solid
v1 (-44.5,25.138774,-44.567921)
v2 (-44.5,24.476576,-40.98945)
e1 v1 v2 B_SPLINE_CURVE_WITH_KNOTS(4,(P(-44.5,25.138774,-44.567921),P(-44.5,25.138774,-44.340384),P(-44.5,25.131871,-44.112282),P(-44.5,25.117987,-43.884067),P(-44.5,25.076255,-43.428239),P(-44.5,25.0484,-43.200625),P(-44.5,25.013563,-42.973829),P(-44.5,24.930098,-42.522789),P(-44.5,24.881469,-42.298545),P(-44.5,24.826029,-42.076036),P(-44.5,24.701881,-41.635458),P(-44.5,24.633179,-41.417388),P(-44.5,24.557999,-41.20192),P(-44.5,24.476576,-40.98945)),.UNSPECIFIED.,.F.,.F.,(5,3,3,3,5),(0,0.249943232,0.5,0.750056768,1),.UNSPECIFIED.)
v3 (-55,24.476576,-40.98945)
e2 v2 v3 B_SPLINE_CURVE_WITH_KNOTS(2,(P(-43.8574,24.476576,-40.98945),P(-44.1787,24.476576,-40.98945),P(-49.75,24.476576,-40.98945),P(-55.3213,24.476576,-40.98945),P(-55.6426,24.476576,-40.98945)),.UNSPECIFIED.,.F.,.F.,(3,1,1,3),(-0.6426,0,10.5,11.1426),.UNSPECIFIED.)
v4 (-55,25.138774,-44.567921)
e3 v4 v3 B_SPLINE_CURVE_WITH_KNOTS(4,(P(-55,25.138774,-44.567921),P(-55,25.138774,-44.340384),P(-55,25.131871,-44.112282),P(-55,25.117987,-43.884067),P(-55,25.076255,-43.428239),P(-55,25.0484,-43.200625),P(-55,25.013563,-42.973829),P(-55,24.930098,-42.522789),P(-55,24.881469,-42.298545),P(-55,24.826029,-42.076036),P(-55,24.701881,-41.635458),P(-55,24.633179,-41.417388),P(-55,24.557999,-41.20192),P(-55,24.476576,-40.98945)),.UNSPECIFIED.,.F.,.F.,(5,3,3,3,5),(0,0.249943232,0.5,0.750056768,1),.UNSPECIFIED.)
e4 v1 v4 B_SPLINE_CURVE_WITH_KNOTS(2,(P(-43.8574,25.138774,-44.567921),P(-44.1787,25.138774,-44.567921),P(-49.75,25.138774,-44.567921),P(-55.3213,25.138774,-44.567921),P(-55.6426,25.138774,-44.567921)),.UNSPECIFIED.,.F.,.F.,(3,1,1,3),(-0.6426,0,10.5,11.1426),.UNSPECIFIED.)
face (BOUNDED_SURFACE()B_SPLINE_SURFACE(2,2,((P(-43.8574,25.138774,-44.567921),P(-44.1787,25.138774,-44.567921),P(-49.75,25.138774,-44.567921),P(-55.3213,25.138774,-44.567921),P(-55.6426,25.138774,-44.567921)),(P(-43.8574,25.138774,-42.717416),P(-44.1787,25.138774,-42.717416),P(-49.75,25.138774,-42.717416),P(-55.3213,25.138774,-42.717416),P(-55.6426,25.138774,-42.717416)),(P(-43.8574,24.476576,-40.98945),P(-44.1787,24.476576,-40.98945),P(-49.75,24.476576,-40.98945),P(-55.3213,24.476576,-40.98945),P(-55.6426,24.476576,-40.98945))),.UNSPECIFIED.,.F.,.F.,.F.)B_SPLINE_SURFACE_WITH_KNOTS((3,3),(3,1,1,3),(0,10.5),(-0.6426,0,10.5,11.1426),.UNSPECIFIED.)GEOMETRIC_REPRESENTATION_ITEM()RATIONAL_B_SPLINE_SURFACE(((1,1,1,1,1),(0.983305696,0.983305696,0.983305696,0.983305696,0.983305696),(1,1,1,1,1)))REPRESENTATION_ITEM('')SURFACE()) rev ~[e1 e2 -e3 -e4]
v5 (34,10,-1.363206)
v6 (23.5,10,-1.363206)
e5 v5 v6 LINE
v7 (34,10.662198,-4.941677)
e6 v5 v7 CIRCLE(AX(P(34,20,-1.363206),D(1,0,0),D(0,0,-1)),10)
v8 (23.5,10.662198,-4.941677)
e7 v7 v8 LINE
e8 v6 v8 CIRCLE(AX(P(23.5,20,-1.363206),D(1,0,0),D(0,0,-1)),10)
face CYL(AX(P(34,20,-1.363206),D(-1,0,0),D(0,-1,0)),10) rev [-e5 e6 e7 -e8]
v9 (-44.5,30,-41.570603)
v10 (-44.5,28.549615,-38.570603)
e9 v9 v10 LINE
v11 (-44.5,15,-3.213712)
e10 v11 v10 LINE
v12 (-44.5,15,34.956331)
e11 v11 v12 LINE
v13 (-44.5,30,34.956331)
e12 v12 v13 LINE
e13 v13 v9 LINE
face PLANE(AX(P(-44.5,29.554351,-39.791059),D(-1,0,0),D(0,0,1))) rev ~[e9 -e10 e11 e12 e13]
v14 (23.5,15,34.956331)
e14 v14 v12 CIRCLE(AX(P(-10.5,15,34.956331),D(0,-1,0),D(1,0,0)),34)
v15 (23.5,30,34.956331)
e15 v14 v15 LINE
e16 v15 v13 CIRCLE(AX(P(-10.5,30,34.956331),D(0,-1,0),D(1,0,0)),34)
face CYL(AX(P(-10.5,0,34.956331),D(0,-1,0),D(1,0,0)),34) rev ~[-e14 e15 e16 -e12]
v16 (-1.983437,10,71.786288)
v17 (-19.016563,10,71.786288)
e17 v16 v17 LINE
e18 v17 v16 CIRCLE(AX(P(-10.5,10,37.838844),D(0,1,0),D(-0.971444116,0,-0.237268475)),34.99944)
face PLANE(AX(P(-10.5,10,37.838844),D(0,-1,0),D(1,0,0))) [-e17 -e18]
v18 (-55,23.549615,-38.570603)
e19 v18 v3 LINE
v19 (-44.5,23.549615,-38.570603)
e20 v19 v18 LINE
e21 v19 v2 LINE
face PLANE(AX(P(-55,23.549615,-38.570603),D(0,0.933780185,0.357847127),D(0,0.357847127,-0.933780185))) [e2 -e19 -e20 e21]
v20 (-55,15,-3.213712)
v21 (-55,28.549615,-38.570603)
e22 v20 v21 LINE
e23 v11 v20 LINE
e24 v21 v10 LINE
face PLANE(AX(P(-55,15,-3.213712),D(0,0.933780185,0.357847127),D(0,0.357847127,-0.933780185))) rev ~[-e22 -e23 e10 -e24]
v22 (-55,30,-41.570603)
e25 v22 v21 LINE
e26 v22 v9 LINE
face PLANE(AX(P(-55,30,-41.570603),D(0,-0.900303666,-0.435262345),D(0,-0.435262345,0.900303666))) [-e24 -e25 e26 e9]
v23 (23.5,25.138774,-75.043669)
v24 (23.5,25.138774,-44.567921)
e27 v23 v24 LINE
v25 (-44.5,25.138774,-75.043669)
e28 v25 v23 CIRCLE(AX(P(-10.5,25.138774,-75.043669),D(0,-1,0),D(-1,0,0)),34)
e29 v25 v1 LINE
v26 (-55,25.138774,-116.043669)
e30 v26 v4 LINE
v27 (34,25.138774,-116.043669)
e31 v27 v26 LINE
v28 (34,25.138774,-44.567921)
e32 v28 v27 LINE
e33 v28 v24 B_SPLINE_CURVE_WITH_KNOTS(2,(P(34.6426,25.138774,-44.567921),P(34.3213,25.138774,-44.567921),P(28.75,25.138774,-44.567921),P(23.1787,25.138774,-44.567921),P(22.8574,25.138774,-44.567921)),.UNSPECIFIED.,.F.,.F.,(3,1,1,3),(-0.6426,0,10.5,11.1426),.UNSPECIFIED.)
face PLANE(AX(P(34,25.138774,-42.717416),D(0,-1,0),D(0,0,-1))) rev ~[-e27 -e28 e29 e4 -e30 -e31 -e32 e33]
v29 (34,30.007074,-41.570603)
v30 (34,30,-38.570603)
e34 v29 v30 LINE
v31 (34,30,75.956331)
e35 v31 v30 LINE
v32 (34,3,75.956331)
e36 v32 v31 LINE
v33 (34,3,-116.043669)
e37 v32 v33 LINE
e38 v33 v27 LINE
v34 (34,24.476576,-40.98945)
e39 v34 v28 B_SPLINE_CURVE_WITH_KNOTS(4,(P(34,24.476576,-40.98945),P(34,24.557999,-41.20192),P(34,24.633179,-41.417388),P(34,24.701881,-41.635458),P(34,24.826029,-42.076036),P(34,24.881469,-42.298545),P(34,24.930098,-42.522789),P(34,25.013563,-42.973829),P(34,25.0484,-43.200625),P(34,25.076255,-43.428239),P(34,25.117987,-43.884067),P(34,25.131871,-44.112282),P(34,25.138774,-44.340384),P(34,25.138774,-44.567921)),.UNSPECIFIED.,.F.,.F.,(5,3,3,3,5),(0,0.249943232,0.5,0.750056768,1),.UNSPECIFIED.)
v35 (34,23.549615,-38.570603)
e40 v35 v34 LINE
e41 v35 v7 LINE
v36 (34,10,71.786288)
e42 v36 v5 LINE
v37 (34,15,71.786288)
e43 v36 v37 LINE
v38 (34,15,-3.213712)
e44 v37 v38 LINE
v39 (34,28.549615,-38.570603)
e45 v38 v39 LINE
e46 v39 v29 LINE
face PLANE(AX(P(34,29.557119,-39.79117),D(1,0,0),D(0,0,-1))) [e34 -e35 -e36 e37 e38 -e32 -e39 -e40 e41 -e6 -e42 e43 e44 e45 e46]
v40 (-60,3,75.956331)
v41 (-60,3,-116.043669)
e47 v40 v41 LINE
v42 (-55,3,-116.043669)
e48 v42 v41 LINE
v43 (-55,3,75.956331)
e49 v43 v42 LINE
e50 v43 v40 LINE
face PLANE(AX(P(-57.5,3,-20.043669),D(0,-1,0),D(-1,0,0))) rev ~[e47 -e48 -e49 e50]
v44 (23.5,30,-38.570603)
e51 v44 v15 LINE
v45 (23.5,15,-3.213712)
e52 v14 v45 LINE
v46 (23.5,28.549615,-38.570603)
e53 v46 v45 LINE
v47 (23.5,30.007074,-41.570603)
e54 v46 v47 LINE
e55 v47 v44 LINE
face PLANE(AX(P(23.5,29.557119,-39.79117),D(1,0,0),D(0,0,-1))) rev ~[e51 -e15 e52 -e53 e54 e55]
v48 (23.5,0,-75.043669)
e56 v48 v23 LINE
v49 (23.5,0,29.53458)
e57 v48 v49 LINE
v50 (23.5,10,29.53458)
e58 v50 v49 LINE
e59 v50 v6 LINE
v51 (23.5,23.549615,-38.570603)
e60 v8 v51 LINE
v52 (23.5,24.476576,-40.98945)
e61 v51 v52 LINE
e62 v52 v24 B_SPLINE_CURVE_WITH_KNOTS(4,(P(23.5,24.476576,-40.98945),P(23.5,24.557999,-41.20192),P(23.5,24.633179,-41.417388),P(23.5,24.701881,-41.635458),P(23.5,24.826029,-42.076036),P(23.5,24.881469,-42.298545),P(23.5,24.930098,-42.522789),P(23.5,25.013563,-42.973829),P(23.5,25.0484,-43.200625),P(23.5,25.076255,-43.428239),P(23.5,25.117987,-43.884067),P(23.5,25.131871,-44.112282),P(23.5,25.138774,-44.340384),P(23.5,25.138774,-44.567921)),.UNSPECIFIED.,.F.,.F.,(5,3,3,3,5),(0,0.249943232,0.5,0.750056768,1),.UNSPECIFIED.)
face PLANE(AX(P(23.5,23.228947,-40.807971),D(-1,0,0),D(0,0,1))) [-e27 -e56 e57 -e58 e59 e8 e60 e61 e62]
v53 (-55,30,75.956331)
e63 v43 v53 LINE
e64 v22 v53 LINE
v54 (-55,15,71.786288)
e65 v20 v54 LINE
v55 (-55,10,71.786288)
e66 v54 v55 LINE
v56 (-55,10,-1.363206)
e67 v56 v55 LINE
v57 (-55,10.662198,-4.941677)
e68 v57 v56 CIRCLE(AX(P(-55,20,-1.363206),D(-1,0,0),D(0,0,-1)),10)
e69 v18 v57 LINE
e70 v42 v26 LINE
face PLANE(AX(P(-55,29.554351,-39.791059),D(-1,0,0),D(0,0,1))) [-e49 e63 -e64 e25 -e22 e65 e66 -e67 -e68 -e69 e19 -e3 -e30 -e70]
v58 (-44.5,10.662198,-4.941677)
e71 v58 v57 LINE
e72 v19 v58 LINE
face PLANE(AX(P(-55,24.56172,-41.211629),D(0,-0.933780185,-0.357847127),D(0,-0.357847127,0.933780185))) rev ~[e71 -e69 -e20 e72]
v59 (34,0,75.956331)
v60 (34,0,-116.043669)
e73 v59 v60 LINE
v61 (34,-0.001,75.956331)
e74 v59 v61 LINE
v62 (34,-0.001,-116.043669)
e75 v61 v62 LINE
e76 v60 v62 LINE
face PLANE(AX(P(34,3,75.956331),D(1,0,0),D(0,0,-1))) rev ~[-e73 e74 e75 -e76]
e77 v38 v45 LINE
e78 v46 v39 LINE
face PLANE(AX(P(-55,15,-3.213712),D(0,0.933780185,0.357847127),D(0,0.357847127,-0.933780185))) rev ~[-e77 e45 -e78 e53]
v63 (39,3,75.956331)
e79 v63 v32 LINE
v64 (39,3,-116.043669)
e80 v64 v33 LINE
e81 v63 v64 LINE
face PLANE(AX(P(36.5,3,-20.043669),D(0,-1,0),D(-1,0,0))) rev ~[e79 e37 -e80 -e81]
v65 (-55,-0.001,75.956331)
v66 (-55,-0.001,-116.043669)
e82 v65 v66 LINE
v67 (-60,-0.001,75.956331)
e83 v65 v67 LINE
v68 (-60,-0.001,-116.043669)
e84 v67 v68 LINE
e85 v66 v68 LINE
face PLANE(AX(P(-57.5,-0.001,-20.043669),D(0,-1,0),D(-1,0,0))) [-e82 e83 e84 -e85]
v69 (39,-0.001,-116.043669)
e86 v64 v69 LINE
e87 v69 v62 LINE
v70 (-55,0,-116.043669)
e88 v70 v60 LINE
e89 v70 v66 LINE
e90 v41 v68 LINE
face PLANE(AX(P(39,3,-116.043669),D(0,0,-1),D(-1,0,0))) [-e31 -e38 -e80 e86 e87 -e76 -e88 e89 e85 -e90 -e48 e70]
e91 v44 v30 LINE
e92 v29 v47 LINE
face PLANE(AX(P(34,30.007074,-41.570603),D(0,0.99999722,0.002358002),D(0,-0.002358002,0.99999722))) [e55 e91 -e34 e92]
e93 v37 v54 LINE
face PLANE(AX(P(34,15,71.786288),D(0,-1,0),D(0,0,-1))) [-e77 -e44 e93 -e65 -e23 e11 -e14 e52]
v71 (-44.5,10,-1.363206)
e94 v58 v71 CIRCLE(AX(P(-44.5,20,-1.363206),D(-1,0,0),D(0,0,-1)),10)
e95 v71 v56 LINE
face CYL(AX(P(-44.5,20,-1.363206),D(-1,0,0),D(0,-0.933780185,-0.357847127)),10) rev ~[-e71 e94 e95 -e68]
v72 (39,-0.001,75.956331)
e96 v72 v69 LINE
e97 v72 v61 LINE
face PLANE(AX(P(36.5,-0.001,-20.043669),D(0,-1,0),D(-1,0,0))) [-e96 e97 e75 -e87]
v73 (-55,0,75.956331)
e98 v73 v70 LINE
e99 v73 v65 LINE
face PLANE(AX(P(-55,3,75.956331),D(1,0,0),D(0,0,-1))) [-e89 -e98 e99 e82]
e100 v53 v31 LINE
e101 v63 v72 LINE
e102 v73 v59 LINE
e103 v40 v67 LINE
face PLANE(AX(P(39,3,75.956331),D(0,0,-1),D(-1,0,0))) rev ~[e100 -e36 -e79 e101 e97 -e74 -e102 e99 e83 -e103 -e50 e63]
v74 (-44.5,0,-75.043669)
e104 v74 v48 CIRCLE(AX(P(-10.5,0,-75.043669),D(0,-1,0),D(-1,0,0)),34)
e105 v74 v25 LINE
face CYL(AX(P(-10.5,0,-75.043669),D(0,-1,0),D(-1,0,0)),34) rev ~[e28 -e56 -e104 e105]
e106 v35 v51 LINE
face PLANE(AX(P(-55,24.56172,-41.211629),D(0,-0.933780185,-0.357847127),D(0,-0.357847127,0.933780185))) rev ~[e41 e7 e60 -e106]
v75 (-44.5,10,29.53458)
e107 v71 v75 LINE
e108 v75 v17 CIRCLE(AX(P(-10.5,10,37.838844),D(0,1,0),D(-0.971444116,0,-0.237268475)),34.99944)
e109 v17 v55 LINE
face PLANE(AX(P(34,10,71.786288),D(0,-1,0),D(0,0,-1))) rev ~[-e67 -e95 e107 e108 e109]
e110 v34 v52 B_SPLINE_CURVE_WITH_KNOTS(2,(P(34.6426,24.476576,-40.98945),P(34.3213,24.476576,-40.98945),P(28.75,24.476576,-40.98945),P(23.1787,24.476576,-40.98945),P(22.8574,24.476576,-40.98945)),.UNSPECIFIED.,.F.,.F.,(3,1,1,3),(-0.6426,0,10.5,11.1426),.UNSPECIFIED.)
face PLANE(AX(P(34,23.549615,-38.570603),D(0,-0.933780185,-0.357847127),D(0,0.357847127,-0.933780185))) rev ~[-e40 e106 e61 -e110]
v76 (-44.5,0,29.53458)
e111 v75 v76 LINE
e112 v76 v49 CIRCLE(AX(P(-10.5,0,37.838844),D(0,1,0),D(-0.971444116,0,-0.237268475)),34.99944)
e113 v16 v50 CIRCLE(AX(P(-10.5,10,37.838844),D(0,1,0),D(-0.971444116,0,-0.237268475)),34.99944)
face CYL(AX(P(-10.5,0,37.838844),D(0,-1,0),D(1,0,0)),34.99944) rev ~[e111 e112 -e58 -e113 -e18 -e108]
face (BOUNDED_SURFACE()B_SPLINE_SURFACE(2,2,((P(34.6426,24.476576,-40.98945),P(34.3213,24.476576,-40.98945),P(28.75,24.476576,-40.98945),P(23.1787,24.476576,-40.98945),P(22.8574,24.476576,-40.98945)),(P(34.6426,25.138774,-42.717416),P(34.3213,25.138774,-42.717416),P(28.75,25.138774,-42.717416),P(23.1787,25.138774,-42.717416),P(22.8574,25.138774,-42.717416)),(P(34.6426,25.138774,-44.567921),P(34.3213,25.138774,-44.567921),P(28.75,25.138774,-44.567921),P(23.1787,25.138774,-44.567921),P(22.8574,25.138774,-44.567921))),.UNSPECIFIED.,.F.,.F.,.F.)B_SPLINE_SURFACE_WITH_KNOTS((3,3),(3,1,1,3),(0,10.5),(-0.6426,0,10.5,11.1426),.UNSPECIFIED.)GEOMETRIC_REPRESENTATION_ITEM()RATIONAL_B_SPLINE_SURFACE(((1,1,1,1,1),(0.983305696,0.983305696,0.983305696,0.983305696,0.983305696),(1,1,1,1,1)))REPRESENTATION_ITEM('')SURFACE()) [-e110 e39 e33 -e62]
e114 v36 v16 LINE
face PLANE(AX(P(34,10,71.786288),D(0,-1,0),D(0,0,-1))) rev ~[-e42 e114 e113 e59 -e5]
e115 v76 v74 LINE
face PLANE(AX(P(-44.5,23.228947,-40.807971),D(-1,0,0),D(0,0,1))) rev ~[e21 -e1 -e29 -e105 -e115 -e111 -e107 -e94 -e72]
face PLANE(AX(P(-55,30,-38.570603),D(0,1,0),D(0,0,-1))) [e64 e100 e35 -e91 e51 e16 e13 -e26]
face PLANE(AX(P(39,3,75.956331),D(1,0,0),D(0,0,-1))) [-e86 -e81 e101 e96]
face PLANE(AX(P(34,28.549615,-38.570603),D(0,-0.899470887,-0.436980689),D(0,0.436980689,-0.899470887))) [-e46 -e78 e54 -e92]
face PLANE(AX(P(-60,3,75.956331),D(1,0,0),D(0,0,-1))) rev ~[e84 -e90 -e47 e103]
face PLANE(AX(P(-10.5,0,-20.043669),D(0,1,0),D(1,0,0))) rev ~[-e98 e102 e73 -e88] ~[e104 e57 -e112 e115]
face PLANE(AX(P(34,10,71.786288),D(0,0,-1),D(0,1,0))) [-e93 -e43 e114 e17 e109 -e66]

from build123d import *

# Parameters (mm, degrees)
SKETCH1_W                = 89
SKETCH1_H                = 192
BOSS_EXTRUDE1_DEPTH      = 30
SKETCH2_R                = 34.99943994
CUT_EXTRUDE1_DEPTH       = 10
SKETCH3_W                = 75
SKETCH3_H                = 5
CUT_EXTRUDE2_DEPTH       = 102
CUT_EXTRUDE4_DEPTH       = 102
SKETCH6_W                = 10.5
SKETCH6_H                = 4
CUT_EXTRUDE7_DEPTH       = 8
BOSS_EXTRUDE2_DEPTH      = 10.5
CUT_EXTRUDE8_DEPTH       = 20.767757578
BOSS_EXTRUDE3_DEPTH      = 10.5
CUT_EXTRUDE9_DEPTH       = 22.812544275
BOSS_EXTRUDE6_DEPTH      = 10.5
BOSS_EXTRUDE7_DEPTH      = 10.5
FILLET1_R                = 10
FILLET2_R                = 10
FILLET3_R                = 10
FILLET4_R                = 10
CUT_EXTRUDE11_DEPTH      = 99
SKETCH15_W               = 7.554212703
SKETCH15_H               = 3.259234926
CUT_EXTRUDE12_DEPTH      = 99
FILLET5_R                = 10
BOSS_EXTRUDE8_DEPTH      = 0.001
BOSS_EXTRUDE8_DEPTH_BACK = 3
SKETCH16_W               = 5
SKETCH16_H               = 192


with BuildPart() as part:
    # Sketch1 → Boss-Extrude1 (new body)
    with BuildSketch(Plane(origin=(0, 0, 0), x_dir=(1, 0, 0), z_dir=(0, 1, 0))):
        with Locations((-10.5, 20.043668932)):
            Rectangle(SKETCH1_W, SKETCH1_H)
        with BuildLine():
            Line((-44.5, -34.956331068), (-44.5, 75.043668932))
            ThreePointArc((-44.5, 75.043668932), (-10.5, 109.043668932), (23.5, 75.043668932))
            Line((23.5, 75.043668932), (23.5, -34.956331068))
            ThreePointArc((23.5, -34.956331068), (-10.5, -68.956331068), (-44.5, -34.956331068))
        make_face(mode=Mode.SUBTRACT)
    extrude(amount=BOSS_EXTRUDE1_DEPTH)

    # Sketch2 → Cut-Extrude1 (cut)
    with BuildSketch(Plane.XZ):
        with Locations((-10.5, 37.838844027)):
            Circle(SKETCH2_R)
    extrude(amount=-CUT_EXTRUDE1_DEPTH, mode=Mode.SUBTRACT)

    # Sketch3 → Cut-Extrude2 (cut)
    with BuildSketch(Plane(origin=(34, 0, 0), x_dir=(0, 0, -1), z_dir=(1, 0, 0))):
        with Locations((-34.286288065, 12.5)):
            Rectangle(SKETCH3_W, SKETCH3_H)
    extrude(amount=-CUT_EXTRUDE2_DEPTH, mode=Mode.SUBTRACT)

    # Sketch4 → Cut-Extrude4 (cut)
    with BuildSketch(Plane.ZY.offset(55)):
        Polygon((-40.970715348, 29.469395922), (-41.211628541, 24.561719678), (-3.213711935, 10), (-3.213711935, 15), align=None)
    extrude(amount=-CUT_EXTRUDE4_DEPTH, mode=Mode.SUBTRACT)

    # Sketch6 → Cut-Extrude7 (cut)
    with BuildSketch(Plane(origin=(0, 30, 0), x_dir=(1, 0, 0), z_dir=(0, 1, 0))):
        with Locations((-49.75, 40.570603007)):
            Rectangle(SKETCH6_W, SKETCH6_H)
        with Locations((28.75, 40.570603007)):
            Rectangle(SKETCH6_W, SKETCH6_H)
    extrude(amount=-CUT_EXTRUDE7_DEPTH, mode=Mode.SUBTRACT)

    # Sketch7 → Boss-Extrude2 (add)
    with BuildSketch(Plane.ZY.offset(55)):
        Polygon((-38.570603007, 23.549614886), (-42.570603007, 25.082511526), (-42.570603007, 22), (-38.570603007, 22), align=None)
    extrude(amount=-BOSS_EXTRUDE2_DEPTH)

    # Sketch8 → Cut-Extrude8 (cut)
    with BuildSketch(Plane.ZY.offset(55)):
        Polygon((-42.570603007, 25.082511526), (-55.402488324, 30), (-42.570603007, 30), align=None)
    extrude(amount=-CUT_EXTRUDE8_DEPTH, mode=Mode.SUBTRACT)

    # Sketch9 → Boss-Extrude3 (add)
    with BuildSketch(Plane(origin=(34, 0, 0), x_dir=(0, 0, -1), z_dir=(1, 0, 0))):
        Polygon((38.570603007, 23.549614886), (42.570603007, 25.082511526), (42.570603007, 22), (38.570603007, 22), align=None)
    extrude(amount=-BOSS_EXTRUDE3_DEPTH)

    # Sketch10 → Cut-Extrude9 (cut)
    with BuildSketch(Plane(origin=(34, 0, 0), x_dir=(0, 0, -1), z_dir=(1, 0, 0))):
        Polygon((42.570603007, 25.082511526), (55.402488324, 30), (42.570603007, 30), align=None)
    extrude(amount=-CUT_EXTRUDE9_DEPTH, mode=Mode.SUBTRACT)

    # Sketch12 → Boss-Extrude6 (add)
    with BuildSketch(Plane.ZY.offset(55)):
        Polygon((-38.570603007, 30), (-41.570603007, 30), (-38.570603007, 28.549614886), align=None)
    extrude(amount=-BOSS_EXTRUDE6_DEPTH)

    # Sketch11 → Boss-Extrude7 (add)
    with BuildSketch(Plane(origin=(34, 0, 0), x_dir=(0, 0, -1), z_dir=(1, 0, 0))):
        Polygon((38.570603007, 28.549614886), (41.570603007, 30.007074027), (38.570603007, 30), align=None)
    extrude(amount=-BOSS_EXTRUDE7_DEPTH)

    # Fillet1
    fillet1_edges = [part.edges().sort_by_distance(p)[0] for p in [
        (-49.75, 30, -55.402488324),
    ]]
    fillet(fillet1_edges, radius=FILLET1_R)

    # Fillet2
    fillet2_edges = [part.edges().sort_by_distance(p)[0] for p in [
        (28.75, 30, -55.402488324),
    ]]
    fillet(fillet2_edges, radius=FILLET2_R)

    # Fillet3
    fillet3_edges = [part.edges().sort_by_distance(p)[0] for p in [
        (-49.75, 10, -3.213711935),
    ]]
    fillet(fillet3_edges, radius=FILLET3_R)

    # Fillet4
    fillet4_edges = [part.edges().sort_by_distance(p)[0] for p in [
        (28.75, 10, -3.213711935),
    ]]
    fillet(fillet4_edges, radius=FILLET4_R)

    # Sketch14 → Cut-Extrude11 (cut)
    with BuildSketch(Plane(origin=(34, 0, 0), x_dir=(0, 0, -1), z_dir=(1, 0, 0))):
        Polygon((42.717415751, 25.138773717), (116.043668932, 25.138773717), (116.043668932, 30), (57.252994033, 30), (53.674522762, 29.337801849), align=None)
    extrude(amount=-CUT_EXTRUDE11_DEPTH, mode=Mode.SUBTRACT)


with BuildPart() as cut_extrude11_piece_1:
    # of the separate pieces the step leaves, piece 1, a body of its own (cut_extrude11_pieces)
    add(part.part.solids().sort_by_distance((23.5, 25.138773717, -42.717415751))[0])

    # Fillet5
    fillet5_edges = [cut_extrude11_piece_1.edges().sort_by_distance(p)[0] for p in [
        (-49.75, 25.138773717, -42.717415751),
        (28.75, 25.138773717, -42.717415751),
    ]]
    fillet(fillet5_edges, radius=FILLET5_R)

    # Sketch16 → Boss-Extrude8 (add, two sides: drawn at the far end of the back side and taken through both)
    with BuildSketch(Plane(origin=(0, 0, 0), x_dir=(-1, 0, 0), z_dir=(0, -1, 0)).offset(-BOSS_EXTRUDE8_DEPTH_BACK)):
        with Locations((-36.5, 20.043668932)):
            Rectangle(SKETCH16_W, SKETCH16_H)
        with Locations((57.5, 20.043668932)):
            Rectangle(SKETCH16_W, SKETCH16_H)
    extrude(amount=BOSS_EXTRUDE8_DEPTH + BOSS_EXTRUDE8_DEPTH_BACK)


with BuildPart() as cut_extrude11_piece_2:
    # of the separate pieces the step leaves, piece 2, a body of its own (cut_extrude11_pieces)
    add(part.part.solids().sort_by_distance((23.5, 30, -57.252994033))[0])


with BuildPart() as cut_extrude11_piece_3:
    # of the separate pieces the step leaves, piece 3, a body of its own (cut_extrude11_pieces)
    add(part.part.solids().sort_by_distance((-55, 30, -57.252994033))[0])


with BuildPart() as cut_extrude12_tool:
    # Sketch15 → Cut-Extrude12 (new body)
    with BuildSketch(Plane(origin=(34, 0, 0), x_dir=(0, 0, -1), z_dir=(1, 0, 0))):
        with Locations((54.846987071, 29.864387296)):
            Rectangle(SKETCH15_W, SKETCH15_H)
    extrude(amount=-CUT_EXTRUDE12_DEPTH)


with BuildPart() as cut_extrude11_piece_2_1:
    add(cut_extrude11_piece_2.part)

    # Cut-Extrude12: cut by cut_extrude12_tool
    add(cut_extrude12_tool.part, mode=Mode.SUBTRACT)


with BuildPart() as cut_extrude11_piece_3_1:
    add(cut_extrude11_piece_3.part)

    # Cut-Extrude12: cut by cut_extrude12_tool
    add(cut_extrude12_tool.part, mode=Mode.SUBTRACT)


solid = cut_extrude11_piece_1.part
